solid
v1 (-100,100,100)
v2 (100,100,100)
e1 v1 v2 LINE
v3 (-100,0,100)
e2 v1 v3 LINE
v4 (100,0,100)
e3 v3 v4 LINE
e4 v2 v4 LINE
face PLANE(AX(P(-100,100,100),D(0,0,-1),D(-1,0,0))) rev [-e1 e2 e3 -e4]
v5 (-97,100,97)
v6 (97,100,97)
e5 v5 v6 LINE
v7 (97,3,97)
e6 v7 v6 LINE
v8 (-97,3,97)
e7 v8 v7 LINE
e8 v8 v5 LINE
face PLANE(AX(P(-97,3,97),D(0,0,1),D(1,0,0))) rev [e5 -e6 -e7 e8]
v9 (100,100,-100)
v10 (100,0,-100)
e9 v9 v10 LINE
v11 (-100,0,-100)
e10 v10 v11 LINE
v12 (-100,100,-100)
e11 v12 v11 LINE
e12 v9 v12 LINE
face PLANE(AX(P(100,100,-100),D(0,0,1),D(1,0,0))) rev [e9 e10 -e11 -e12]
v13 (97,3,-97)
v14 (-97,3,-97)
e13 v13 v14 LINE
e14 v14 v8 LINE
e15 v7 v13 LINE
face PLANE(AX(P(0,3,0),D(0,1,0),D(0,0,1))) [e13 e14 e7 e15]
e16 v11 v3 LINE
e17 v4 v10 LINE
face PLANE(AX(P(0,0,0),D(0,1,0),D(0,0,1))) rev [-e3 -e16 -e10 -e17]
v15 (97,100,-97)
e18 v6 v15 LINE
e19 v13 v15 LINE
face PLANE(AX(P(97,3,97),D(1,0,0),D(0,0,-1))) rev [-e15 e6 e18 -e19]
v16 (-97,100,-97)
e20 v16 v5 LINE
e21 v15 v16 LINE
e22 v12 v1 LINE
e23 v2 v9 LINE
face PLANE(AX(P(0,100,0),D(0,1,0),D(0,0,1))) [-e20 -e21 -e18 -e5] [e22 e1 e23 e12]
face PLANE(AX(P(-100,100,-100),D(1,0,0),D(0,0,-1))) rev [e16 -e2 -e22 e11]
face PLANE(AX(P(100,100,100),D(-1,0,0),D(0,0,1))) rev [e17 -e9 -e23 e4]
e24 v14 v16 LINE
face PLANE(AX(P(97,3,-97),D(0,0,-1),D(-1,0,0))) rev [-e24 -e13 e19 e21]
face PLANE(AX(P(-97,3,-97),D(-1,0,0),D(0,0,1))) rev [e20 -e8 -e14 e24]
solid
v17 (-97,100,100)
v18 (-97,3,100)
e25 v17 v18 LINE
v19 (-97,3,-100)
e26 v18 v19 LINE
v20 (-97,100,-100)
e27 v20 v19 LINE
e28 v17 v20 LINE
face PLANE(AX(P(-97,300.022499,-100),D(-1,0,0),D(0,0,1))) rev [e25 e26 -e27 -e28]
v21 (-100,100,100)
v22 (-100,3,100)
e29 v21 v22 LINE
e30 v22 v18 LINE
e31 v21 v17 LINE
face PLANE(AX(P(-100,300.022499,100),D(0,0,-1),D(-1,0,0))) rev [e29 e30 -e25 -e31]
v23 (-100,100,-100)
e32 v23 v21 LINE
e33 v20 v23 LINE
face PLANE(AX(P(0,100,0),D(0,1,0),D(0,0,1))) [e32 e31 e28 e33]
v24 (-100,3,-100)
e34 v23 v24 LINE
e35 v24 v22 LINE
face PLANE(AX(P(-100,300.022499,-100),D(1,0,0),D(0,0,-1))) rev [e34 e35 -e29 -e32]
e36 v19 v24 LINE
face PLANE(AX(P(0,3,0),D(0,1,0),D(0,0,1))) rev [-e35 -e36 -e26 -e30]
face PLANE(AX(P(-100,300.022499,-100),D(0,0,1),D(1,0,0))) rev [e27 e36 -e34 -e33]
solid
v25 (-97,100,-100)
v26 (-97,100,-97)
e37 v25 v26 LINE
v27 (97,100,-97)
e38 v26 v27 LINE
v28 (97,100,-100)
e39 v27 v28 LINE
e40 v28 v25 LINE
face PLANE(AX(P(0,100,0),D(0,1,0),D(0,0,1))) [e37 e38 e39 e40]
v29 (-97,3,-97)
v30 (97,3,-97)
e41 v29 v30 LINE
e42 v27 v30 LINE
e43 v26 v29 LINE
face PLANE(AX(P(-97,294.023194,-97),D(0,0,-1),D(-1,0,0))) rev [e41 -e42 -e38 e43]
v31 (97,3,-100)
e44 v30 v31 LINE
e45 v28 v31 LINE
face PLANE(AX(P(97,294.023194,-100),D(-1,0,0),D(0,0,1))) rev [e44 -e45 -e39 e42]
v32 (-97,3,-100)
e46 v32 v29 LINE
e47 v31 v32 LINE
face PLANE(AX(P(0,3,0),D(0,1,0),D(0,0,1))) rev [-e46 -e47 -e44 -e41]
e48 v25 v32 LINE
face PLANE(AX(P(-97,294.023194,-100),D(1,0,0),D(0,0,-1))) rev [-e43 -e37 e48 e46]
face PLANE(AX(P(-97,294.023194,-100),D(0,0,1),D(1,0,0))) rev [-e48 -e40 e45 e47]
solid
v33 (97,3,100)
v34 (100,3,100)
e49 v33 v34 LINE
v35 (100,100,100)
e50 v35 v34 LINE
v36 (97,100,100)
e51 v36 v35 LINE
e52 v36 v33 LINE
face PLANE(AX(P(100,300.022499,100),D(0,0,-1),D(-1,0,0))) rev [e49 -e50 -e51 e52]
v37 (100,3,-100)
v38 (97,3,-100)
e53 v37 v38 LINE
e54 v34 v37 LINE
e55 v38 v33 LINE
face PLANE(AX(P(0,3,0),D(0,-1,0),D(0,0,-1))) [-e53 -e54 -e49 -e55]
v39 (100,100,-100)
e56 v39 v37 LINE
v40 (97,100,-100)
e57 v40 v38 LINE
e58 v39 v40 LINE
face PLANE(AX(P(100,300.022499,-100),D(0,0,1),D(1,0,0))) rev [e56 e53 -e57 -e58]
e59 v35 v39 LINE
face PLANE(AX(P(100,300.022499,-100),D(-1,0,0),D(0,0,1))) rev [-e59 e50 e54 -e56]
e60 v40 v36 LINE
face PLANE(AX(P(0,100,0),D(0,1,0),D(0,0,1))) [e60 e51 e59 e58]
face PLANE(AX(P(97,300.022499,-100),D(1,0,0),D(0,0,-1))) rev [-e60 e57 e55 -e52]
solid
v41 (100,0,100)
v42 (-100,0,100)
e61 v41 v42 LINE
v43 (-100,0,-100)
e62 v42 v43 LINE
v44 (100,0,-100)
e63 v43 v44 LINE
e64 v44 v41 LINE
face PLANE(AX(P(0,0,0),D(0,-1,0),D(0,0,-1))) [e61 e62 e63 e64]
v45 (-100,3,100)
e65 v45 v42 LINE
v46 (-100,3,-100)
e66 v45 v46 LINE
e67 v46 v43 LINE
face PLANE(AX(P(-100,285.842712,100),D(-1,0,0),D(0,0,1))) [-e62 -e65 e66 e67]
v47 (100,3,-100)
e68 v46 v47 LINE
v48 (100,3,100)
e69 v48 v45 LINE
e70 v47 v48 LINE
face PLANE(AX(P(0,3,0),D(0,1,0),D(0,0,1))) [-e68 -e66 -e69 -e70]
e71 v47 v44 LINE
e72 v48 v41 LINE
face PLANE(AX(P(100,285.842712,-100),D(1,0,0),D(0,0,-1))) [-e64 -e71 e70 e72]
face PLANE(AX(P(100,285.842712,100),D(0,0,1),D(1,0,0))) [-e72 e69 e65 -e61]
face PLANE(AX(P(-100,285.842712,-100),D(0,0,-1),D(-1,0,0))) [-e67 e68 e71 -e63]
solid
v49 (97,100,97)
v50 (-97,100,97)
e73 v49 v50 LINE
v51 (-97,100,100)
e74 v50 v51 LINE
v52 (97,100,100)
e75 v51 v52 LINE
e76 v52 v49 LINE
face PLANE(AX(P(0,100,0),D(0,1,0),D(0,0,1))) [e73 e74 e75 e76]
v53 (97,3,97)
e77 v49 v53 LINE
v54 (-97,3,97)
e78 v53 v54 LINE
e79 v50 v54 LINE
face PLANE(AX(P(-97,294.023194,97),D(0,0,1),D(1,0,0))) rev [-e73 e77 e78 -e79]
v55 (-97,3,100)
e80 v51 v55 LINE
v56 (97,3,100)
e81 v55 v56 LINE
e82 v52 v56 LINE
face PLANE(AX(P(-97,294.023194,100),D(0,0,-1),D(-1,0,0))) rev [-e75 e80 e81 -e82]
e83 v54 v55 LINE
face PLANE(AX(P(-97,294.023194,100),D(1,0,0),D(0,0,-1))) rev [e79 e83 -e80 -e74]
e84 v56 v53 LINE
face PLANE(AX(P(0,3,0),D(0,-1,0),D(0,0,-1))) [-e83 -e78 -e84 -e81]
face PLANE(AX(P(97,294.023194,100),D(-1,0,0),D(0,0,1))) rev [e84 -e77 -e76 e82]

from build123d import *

# Parameters (mm, degrees)
SKETCH1_W             = 200
SKETCH1_H             = 200
BOSS_EXTRUDE1_DEPTH   = 100
SKETCH2_W             = 194
SKETCH2_H             = 194
CUT_EXTRUDE1_DEPTH    = 97
SKETCH3_W             = 200
SKETCH3_H             = 200
BOSS_EXTRUDE2_DEPTH   = 3
SKETCH4_W             = 3
SKETCH4_H             = 200
BOSS_EXTRUDE3_DEPTH   = 97
BOSS_EXTRUDE3_2_DEPTH = 97
SKETCH5_W             = 194
SKETCH5_H             = 3
BOSS_EXTRUDE4_DEPTH   = 97
BOSS_EXTRUDE4_2_DEPTH = 97


with BuildPart() as part:
    # Sketch1 → Boss-Extrude1 (new body)
    with BuildSketch(Plane(origin=(0, 0, 0), x_dir=(1, 0, 0), z_dir=(0, 1, 0))):
        Rectangle(SKETCH1_W, SKETCH1_H)
    extrude(amount=BOSS_EXTRUDE1_DEPTH)

    # Sketch2 → Cut-Extrude1 (cut)
    with BuildSketch(Plane(origin=(0, 100, 0), x_dir=(1, 0, 0), z_dir=(0, 1, 0))):
        Rectangle(SKETCH2_W, SKETCH2_H)
    extrude(amount=-CUT_EXTRUDE1_DEPTH, mode=Mode.SUBTRACT)


with BuildPart() as body_2:
    # Sketch3 → Boss-Extrude2 (new body)
    with BuildSketch(Plane.XZ):
        Rectangle(SKETCH3_W, SKETCH3_H)
    extrude(amount=-BOSS_EXTRUDE2_DEPTH)


with BuildPart() as body_3:
    # Sketch4 → Boss-Extrude3 (new body)
    with BuildSketch(Plane(origin=(0, 3, 0), x_dir=(1, 0, 0), z_dir=(0, 1, 0))):
        with Locations((-98.5, 0)):
            Rectangle(SKETCH4_W, SKETCH4_H)
    extrude(amount=BOSS_EXTRUDE3_DEPTH)


with BuildPart() as body_4:
    # Sketch4 → Boss-Extrude3 2 (new body)
    with BuildSketch(Plane(origin=(0, 3, 0), x_dir=(1, 0, 0), z_dir=(0, 1, 0))):
        with Locations((98.5, 0)):
            Rectangle(SKETCH4_W, SKETCH4_H)
    extrude(amount=BOSS_EXTRUDE3_2_DEPTH)


with BuildPart() as body_5:
    # Sketch5 → Boss-Extrude4 (new body)
    with BuildSketch(Plane(origin=(0, 3, 0), x_dir=(1, 0, 0), z_dir=(0, 1, 0))):
        with Locations((0, 98.5)):
            Rectangle(SKETCH5_W, SKETCH5_H)
    extrude(amount=BOSS_EXTRUDE4_DEPTH)


with BuildPart() as body_6:
    # Sketch5 → Boss-Extrude4 2 (new body)
    with BuildSketch(Plane(origin=(0, 3, 0), x_dir=(1, 0, 0), z_dir=(0, 1, 0))):
        with Locations((0, -98.5)):
            Rectangle(SKETCH5_W, SKETCH5_H)
    extrude(amount=BOSS_EXTRUDE4_2_DEPTH)


solid = Compound([part.part, body_2.part, body_3.part, body_4.part, body_5.part, body_6.part])
